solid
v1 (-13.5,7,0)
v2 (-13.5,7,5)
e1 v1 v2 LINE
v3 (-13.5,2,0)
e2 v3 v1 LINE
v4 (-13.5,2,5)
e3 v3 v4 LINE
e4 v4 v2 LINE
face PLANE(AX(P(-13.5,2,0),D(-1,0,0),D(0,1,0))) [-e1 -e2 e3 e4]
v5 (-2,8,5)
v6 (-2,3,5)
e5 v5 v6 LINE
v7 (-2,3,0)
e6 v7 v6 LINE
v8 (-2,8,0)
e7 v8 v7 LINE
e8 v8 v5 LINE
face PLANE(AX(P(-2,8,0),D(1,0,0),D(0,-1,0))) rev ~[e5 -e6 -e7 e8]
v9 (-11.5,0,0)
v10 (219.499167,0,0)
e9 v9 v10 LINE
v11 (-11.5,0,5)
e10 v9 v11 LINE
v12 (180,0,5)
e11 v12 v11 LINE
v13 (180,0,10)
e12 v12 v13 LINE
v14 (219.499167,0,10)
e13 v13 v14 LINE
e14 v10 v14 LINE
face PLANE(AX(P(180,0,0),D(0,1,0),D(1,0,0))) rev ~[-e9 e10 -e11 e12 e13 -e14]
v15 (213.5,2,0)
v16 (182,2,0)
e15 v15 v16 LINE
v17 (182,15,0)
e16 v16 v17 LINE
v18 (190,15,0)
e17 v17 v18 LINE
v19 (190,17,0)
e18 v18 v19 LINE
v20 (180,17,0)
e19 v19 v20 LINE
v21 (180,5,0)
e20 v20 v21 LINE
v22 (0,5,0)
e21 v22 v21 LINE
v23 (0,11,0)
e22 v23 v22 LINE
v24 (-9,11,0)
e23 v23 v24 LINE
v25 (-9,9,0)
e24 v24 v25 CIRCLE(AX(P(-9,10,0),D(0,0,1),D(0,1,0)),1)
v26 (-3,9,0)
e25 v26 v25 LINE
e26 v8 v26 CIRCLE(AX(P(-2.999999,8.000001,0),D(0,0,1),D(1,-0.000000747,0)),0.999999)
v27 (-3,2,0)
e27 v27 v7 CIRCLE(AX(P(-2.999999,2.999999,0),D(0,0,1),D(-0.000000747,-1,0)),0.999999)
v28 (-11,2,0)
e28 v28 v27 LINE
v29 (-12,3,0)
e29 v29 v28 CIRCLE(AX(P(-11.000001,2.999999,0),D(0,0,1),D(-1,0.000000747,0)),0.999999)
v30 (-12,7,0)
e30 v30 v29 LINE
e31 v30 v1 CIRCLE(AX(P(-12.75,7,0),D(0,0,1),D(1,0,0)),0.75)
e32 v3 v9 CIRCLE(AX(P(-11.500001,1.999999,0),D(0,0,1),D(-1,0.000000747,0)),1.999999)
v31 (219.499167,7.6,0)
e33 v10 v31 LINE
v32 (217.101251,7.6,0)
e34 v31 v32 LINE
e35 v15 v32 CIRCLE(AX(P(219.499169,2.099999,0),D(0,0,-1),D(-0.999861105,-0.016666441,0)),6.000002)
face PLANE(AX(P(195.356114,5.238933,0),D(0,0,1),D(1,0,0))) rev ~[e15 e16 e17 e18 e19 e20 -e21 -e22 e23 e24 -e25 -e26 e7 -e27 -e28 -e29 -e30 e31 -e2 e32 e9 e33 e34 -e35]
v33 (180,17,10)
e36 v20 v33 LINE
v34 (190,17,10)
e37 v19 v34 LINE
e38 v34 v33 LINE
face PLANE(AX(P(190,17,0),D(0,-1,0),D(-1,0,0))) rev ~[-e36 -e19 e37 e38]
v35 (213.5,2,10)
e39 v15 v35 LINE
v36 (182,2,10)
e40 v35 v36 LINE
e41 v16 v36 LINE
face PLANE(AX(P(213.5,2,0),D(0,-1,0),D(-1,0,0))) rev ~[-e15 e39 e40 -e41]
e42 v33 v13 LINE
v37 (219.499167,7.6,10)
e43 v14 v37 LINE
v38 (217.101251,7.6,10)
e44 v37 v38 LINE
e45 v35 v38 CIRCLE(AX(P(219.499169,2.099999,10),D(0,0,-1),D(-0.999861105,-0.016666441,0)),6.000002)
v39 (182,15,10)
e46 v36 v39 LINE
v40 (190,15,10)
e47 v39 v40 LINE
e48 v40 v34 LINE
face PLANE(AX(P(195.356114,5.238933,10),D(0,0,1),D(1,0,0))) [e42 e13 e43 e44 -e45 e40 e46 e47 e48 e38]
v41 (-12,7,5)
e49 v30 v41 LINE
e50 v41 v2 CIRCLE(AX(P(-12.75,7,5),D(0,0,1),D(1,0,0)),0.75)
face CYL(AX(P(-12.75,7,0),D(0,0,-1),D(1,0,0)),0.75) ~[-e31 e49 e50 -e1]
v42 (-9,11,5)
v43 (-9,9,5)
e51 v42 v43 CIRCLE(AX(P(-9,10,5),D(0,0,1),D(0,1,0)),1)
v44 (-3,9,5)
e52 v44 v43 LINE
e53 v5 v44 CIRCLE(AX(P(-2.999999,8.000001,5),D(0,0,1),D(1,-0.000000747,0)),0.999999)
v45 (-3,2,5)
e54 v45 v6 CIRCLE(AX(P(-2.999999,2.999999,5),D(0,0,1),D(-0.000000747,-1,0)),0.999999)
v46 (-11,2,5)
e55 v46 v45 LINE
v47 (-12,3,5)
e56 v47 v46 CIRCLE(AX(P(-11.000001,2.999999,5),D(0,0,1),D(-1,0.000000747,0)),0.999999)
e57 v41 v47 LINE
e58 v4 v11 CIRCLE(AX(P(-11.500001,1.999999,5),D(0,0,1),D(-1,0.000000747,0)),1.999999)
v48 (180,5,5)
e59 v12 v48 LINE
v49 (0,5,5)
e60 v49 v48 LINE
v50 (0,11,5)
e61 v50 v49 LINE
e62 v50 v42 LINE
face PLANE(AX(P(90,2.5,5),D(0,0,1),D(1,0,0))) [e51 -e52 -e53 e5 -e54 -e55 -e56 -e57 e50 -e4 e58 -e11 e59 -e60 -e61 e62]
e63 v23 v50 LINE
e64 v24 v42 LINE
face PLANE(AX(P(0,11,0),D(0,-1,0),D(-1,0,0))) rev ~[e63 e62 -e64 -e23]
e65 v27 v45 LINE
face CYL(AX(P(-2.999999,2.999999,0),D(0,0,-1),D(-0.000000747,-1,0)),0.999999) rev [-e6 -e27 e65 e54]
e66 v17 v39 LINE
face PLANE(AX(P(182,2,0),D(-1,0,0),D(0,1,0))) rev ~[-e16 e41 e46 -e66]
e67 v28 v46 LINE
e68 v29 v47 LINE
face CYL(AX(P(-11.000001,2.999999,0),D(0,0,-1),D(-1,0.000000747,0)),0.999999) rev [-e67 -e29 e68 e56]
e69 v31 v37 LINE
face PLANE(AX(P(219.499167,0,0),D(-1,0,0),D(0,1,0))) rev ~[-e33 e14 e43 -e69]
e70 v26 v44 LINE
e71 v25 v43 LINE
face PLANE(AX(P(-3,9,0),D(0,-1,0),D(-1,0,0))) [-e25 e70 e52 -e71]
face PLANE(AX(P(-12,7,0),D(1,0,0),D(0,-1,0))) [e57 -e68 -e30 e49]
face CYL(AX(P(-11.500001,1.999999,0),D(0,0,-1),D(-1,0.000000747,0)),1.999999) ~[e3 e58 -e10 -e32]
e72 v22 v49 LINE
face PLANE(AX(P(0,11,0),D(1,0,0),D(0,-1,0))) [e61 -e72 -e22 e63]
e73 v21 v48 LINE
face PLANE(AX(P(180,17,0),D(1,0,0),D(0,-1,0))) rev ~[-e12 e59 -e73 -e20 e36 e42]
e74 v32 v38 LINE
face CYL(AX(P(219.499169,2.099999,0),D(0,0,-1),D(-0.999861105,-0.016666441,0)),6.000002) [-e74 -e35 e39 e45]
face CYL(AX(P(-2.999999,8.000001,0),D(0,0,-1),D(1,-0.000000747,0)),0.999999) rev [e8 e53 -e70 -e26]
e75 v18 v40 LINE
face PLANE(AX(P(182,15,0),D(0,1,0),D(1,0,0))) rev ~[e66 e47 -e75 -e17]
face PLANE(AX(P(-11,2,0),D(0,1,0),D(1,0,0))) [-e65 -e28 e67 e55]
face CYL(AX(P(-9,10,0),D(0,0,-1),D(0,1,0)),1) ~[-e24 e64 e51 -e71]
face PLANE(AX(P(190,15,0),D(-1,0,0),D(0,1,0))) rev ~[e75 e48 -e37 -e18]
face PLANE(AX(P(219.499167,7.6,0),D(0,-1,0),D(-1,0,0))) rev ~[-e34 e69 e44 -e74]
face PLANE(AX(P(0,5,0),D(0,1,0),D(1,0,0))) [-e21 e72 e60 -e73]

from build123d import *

# Parameters (mm, degrees)
PAD_DEPTH    = 5
SKETCH002_W  = 180
SKETCH002_H  = 5
PAD002_DEPTH = 5
PAD003_DEPTH = 10


with BuildPart() as part:
    # Sketch → Pad (new body)
    with BuildSketch(Plane.XY):
        with BuildLine():
            Line((0, 0), (-11.5, 0))
            ThreePointArc((-13.5, 2), (-12.914214, 0.585786), (-11.5, 0))
            Line((-13.5, 2), (-13.5, 7))
            ThreePointArc((-12, 7), (-12.75, 7.75), (-13.5, 7))
            Line((-12, 7), (-12, 3))
            ThreePointArc((-12, 3), (-11.707107, 2.292893), (-11, 2))
            Line((-11, 2), (-3, 2))
            ThreePointArc((-3, 2), (-2.292893, 2.292893), (-2, 3))
            Line((-2, 8), (-2, 3))
            ThreePointArc((-2, 8), (-2.292893, 8.707107), (-3, 9))
            Line((-3, 9), (-9, 9))
            ThreePointArc((-9, 11), (-10, 10), (-9, 9))
            Line((0, 11), (-9, 11))
            Line((0, 11), (0, 0))
        make_face()
    extrude(amount=PAD_DEPTH)

    # Sketch002 → Pad002 (join)
    with BuildSketch(Plane.XY):
        with Locations((90, 2.5)):
            Rectangle(SKETCH002_W, SKETCH002_H)
    extrude(amount=PAD002_DEPTH)

    # Sketch001 → Pad003 (join)
    with BuildSketch(Plane(origin=(180, 0, 0), x_dir=(-1, 0, 0), z_dir=(0, 0, -1))):
        with BuildLine():
            Line((0, 0), (-39.499167, 0))
            Line((-39.499167, 0), (-39.499167, 2.1))
            Line((-39.499167, 2.1), (-39.499167, 7.6))
            Line((-39.499167, 7.6), (-37.101251, 7.6))
            ThreePointArc((-33.5, 2), (-34.452609, 5.345343), (-37.101251, 7.6))
            Line((-33.5, 2), (-2, 2))
            Line((-2, 2), (-2, 15))
            Line((-2, 15), (-10, 15))
            Line((-10, 15), (-10, 17))
            Line((-10, 17), (0, 17))
            Line((0, 17), (0, 0))
        make_face()
    extrude(amount=-PAD003_DEPTH)


solid = part.part
